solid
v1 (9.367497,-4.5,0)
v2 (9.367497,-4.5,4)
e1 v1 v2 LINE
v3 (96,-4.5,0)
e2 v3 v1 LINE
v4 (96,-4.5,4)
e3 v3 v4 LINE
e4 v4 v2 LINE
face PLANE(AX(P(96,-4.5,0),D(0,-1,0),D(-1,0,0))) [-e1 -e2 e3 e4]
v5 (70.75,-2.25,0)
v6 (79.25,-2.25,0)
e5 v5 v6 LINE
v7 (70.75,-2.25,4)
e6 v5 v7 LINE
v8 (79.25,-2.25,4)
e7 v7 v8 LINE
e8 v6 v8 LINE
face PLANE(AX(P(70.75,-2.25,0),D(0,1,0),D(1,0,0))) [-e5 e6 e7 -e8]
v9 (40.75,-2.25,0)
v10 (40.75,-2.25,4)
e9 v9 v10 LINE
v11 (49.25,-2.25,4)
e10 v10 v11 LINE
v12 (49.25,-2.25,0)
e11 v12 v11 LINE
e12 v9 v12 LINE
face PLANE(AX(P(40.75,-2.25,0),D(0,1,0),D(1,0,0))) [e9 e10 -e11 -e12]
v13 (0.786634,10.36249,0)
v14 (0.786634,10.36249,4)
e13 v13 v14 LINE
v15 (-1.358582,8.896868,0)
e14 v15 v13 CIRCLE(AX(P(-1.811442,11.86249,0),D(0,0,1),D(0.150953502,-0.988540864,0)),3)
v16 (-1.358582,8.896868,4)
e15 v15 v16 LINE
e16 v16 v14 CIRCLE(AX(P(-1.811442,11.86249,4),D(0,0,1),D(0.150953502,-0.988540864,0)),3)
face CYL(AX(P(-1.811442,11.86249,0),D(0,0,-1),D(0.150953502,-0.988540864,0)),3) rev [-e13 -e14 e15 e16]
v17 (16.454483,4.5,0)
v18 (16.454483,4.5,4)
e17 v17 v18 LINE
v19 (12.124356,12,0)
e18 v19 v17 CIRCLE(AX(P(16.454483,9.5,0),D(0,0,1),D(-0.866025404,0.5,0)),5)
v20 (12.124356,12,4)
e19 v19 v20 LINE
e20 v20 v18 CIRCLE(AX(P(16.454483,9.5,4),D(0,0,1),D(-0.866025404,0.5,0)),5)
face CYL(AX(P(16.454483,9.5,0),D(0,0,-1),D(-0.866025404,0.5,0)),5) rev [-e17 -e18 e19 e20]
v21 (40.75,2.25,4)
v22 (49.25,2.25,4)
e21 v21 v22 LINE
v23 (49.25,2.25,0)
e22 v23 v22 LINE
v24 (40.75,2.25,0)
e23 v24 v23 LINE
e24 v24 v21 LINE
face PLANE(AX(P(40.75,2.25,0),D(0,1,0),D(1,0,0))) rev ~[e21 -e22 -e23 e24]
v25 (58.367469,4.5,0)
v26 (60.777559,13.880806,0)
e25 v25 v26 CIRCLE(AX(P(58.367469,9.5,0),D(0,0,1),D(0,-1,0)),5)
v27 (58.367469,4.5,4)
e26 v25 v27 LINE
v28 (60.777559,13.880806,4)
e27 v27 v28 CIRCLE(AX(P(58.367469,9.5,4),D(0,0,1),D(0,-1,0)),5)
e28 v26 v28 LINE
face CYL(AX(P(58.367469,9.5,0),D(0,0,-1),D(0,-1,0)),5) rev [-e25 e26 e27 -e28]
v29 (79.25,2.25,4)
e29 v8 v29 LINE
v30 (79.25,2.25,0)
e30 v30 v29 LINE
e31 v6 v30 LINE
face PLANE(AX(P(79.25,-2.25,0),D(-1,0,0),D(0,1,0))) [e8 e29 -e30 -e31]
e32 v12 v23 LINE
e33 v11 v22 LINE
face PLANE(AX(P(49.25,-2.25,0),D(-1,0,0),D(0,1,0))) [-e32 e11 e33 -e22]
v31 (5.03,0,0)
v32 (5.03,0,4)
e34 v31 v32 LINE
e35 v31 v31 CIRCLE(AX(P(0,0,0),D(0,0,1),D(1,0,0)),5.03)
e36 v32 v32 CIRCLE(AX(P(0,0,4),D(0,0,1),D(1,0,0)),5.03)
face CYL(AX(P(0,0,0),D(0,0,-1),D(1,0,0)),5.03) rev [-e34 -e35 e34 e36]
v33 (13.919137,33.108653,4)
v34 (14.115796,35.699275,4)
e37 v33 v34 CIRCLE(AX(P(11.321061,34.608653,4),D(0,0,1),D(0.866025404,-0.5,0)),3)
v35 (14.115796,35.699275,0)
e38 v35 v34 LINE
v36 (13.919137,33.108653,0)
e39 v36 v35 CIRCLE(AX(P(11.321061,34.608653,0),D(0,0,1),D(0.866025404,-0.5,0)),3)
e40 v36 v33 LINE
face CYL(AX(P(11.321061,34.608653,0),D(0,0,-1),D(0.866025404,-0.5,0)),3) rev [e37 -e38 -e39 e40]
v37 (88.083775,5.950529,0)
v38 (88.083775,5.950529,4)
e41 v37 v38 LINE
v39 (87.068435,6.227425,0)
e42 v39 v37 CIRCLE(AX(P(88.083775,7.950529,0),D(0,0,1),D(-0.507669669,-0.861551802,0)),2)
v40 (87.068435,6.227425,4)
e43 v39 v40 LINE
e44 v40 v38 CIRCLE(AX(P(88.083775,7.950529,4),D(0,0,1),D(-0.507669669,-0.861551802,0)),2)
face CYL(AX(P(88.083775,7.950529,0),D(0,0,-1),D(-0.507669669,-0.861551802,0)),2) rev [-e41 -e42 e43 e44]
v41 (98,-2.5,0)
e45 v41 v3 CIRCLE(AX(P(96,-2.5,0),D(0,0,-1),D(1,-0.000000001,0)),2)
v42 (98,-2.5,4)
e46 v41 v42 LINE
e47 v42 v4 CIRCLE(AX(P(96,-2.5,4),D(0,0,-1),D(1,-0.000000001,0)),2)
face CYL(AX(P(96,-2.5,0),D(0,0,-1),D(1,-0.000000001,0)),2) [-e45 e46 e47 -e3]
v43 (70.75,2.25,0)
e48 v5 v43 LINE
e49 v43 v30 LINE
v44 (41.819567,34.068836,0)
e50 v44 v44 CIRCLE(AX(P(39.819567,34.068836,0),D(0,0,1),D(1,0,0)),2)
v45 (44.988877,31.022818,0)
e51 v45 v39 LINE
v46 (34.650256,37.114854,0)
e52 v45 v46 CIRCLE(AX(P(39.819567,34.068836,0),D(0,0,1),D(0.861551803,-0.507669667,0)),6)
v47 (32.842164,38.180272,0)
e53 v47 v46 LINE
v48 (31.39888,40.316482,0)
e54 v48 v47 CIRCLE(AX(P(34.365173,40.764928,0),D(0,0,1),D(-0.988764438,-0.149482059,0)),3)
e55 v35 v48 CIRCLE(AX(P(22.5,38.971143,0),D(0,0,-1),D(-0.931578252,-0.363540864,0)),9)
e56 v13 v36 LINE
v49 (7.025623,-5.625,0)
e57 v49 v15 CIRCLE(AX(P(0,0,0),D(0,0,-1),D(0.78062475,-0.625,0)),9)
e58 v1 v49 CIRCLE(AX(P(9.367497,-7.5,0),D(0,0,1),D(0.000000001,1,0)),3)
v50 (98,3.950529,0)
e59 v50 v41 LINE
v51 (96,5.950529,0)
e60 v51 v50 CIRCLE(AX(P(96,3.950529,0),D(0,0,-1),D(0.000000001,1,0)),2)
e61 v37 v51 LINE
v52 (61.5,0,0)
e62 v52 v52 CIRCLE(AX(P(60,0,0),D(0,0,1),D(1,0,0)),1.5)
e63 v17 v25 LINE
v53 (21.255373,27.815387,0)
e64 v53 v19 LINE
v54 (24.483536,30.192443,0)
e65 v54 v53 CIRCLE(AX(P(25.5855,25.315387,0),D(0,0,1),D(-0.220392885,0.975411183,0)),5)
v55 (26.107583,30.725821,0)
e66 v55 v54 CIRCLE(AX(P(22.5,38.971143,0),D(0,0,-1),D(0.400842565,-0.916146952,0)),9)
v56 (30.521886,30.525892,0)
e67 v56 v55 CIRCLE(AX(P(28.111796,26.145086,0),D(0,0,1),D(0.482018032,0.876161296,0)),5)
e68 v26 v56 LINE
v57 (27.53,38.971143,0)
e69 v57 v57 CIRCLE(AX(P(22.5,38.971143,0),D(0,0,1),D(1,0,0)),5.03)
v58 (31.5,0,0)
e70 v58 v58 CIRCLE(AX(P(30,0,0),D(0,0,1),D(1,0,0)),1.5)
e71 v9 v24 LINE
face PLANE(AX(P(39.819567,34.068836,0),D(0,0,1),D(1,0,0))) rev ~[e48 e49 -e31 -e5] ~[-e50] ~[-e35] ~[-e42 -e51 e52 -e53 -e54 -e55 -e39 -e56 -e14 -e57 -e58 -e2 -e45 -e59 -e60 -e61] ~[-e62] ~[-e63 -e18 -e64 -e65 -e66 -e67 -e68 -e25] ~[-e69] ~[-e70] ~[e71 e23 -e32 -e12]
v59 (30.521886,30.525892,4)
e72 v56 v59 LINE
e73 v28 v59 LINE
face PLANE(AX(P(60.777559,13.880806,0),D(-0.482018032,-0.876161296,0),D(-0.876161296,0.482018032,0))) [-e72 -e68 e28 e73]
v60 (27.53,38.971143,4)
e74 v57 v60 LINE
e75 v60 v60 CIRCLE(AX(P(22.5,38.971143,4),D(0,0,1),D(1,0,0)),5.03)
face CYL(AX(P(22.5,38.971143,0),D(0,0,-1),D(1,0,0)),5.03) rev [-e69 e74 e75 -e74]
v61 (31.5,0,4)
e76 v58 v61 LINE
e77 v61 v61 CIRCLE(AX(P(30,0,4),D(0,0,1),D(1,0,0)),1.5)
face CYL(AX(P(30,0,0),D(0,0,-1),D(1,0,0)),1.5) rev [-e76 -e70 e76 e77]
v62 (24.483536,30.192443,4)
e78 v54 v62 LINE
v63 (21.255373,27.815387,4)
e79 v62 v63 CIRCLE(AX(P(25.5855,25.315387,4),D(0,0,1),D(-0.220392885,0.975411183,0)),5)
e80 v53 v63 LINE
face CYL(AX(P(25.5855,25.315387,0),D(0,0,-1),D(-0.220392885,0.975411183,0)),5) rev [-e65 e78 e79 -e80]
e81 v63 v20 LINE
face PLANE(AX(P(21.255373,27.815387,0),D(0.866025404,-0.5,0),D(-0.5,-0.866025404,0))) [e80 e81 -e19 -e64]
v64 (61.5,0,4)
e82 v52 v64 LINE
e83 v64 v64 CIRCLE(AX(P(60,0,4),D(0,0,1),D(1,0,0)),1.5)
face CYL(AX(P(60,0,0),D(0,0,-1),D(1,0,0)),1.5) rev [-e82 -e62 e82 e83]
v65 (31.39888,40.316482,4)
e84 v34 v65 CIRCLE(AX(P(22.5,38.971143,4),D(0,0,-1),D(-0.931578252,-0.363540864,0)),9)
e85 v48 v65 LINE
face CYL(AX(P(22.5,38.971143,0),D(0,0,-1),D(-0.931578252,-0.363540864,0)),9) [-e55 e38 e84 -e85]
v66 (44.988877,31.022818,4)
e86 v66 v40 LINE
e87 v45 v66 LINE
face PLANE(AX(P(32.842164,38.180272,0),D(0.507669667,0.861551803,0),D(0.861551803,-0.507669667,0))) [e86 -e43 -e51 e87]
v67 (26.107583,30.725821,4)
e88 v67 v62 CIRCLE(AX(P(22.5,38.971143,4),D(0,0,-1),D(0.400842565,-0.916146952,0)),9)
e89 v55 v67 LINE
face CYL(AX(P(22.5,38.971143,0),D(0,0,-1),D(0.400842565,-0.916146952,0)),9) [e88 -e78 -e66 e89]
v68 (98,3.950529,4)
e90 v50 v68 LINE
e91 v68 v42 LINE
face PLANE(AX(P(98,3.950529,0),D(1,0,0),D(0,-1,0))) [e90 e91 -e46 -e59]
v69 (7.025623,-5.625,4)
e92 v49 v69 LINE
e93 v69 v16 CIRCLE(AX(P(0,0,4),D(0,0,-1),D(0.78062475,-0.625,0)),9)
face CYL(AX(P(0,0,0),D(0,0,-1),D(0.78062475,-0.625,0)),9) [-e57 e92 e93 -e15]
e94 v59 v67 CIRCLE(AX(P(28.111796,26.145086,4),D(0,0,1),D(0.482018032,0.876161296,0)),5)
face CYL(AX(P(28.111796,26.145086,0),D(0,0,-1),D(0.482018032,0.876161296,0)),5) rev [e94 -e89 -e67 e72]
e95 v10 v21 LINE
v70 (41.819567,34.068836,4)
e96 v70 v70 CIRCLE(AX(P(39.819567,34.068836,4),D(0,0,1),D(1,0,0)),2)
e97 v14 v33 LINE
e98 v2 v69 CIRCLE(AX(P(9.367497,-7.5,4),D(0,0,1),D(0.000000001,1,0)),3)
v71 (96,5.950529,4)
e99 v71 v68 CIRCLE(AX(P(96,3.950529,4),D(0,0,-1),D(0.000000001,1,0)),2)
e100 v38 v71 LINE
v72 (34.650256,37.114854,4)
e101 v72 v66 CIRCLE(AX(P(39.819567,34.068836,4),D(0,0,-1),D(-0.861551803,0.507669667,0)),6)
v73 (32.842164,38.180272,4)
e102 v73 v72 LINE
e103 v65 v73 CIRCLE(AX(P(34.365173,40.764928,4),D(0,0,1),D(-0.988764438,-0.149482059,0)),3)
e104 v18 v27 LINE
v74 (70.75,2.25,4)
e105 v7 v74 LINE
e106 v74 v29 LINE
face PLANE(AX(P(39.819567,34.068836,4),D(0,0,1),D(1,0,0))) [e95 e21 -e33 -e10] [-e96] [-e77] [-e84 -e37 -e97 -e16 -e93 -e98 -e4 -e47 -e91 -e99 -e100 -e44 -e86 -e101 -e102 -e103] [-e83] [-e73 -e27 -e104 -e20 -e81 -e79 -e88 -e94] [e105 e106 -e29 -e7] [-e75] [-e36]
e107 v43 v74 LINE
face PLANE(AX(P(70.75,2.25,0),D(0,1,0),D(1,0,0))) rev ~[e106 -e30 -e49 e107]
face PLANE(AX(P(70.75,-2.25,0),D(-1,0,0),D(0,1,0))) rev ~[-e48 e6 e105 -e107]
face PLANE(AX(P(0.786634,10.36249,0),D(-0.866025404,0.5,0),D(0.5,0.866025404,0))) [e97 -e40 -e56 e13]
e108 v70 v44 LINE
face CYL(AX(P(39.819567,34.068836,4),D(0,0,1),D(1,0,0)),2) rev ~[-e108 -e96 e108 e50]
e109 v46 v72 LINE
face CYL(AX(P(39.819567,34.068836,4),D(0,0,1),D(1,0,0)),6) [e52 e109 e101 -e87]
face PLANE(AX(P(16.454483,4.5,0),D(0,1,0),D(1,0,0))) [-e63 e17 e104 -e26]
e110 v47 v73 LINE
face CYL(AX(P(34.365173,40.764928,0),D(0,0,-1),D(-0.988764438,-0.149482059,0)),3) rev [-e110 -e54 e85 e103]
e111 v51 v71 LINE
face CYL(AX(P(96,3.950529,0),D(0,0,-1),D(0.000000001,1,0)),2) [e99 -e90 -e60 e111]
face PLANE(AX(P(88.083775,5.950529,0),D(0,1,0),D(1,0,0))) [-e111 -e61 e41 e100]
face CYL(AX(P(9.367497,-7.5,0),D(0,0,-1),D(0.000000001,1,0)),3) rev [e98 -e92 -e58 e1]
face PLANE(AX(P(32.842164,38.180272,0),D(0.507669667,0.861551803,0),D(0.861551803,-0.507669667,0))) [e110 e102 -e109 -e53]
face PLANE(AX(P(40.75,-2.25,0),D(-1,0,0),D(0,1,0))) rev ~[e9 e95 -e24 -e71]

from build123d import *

# Parameters (mm, degrees)
SKETCH_1_R          = 5.03
SKETCH_1_R_2        = 1.5
SKETCH_1_W          = 8.5
SKETCH_1_H          = 4.5
EXTRUDE_1_DEPTH     = 4
SKETCH_2_R          = 6
EXTRUDE_2_DEPTH     = 4
SKETCH_3_R          = 2
CUT_EXTRUDE_1_DEPTH = 4


with BuildPart() as part:
    # 草图1 → 凸台-拉伸1 (new body)
    with BuildSketch(Plane.XY):
        with BuildLine():
            Line((87, -4.5), (9.367496998, -4.5))
            ThreePointArc((9.367496998, -4.5), (8.068458892, -4.795836543), (7.025622748, -5.625))
            ThreePointArc((7.025622748, -5.625), (-7.794228634, -4.5), (-1.358581522, 8.896867777))
            ThreePointArc((-1.358581522, 8.896867777), (-0.119086833, 9.385408641), (0.786634182, 10.36249037))
            Line((0.786634182, 10.36249037), (13.919137184, 33.108652801))
            ThreePointArc((13.919137184, 33.108652801), (14.312454275, 34.381571072), (14.11579573, 35.699275393))
            ThreePointArc((14.11579573, 35.699275393), (20.177098522, 47.666206639), (31.398879943, 40.316481698))
            ThreePointArc((31.398879943, 40.316481698), (31.879352208, 39.085435776), (32.842164256, 38.180272466))
            Line((32.842164256, 38.180272466), (87.068435314, 6.227425402))
            ThreePointArc((87.068435314, 6.227425402), (87.55756519, 6.02099445), (88.083774649, 5.950529007))
            Line((88.083774649, 5.950529007), (96, 5.950529007))
            ThreePointArc((96, 5.950529007), (97.414213562, 5.364742569), (98, 3.950529007))
            Line((98, 3.950529007), (98, 0))
            Line((98, 0), (98, -2.5))
            ThreePointArc((98, -2.5), (97.414213562, -3.914213562), (96, -4.5))
            Line((96, -4.5), (87, -4.5))
        make_face()
        Circle(SKETCH_1_R, mode=Mode.SUBTRACT)
        with Locations((22.5, 38.97114317)):
            Circle(SKETCH_1_R, mode=Mode.SUBTRACT)
        with Locations((30, 0)):
            Circle(SKETCH_1_R_2, mode=Mode.SUBTRACT)
        with Locations((60, 0)):
            Circle(SKETCH_1_R_2, mode=Mode.SUBTRACT)
        with Locations((45, 0)):
            Rectangle(SKETCH_1_W, SKETCH_1_H, mode=Mode.SUBTRACT)
        with BuildLine():
            Line((21.255373367, 27.815386605), (12.124355653, 12))
            ThreePointArc((12.124355653, 12), (12.124355653, 7), (16.454482672, 4.5))
            Line((16.454482672, 4.5), (58.367468971, 4.5))
            ThreePointArc((58.367468971, 4.5), (63.210197148, 8.25582003), (60.777559131, 13.880806481))
            Line((60.777559131, 13.880806481), (30.521886072, 30.525892321))
            ThreePointArc((30.521886072, 30.525892321), (28.338019103, 31.139965525), (26.107583087, 30.725820601))
            ThreePointArc((26.107583087, 30.725820601), (25.308251431, 30.420486827), (24.483535962, 30.192442521))
            ThreePointArc((24.483535962, 30.192442521), (22.620790776, 29.341612745), (21.255373367, 27.815386605))
        make_face(mode=Mode.SUBTRACT)
        with Locations((75, 0)):
            Rectangle(SKETCH_1_W, SKETCH_1_H, mode=Mode.SUBTRACT)
    extrude(amount=EXTRUDE_1_DEPTH)

    # 草图2 → 凸台-拉伸2 (add)
    with BuildSketch(Plane.XY.offset(4)):
        with Locations((39.819566523, 34.068836013)):
            Circle(SKETCH_2_R)
    extrude(amount=-EXTRUDE_2_DEPTH)

    # 草图3 → 切除-拉伸1 (cut)
    with BuildSketch(Plane.XY.offset(4)):
        with Locations((39.819566523, 34.068836013)):
            Circle(SKETCH_3_R)
    extrude(amount=-CUT_EXTRUDE_1_DEPTH, mode=Mode.SUBTRACT)


solid = part.part
